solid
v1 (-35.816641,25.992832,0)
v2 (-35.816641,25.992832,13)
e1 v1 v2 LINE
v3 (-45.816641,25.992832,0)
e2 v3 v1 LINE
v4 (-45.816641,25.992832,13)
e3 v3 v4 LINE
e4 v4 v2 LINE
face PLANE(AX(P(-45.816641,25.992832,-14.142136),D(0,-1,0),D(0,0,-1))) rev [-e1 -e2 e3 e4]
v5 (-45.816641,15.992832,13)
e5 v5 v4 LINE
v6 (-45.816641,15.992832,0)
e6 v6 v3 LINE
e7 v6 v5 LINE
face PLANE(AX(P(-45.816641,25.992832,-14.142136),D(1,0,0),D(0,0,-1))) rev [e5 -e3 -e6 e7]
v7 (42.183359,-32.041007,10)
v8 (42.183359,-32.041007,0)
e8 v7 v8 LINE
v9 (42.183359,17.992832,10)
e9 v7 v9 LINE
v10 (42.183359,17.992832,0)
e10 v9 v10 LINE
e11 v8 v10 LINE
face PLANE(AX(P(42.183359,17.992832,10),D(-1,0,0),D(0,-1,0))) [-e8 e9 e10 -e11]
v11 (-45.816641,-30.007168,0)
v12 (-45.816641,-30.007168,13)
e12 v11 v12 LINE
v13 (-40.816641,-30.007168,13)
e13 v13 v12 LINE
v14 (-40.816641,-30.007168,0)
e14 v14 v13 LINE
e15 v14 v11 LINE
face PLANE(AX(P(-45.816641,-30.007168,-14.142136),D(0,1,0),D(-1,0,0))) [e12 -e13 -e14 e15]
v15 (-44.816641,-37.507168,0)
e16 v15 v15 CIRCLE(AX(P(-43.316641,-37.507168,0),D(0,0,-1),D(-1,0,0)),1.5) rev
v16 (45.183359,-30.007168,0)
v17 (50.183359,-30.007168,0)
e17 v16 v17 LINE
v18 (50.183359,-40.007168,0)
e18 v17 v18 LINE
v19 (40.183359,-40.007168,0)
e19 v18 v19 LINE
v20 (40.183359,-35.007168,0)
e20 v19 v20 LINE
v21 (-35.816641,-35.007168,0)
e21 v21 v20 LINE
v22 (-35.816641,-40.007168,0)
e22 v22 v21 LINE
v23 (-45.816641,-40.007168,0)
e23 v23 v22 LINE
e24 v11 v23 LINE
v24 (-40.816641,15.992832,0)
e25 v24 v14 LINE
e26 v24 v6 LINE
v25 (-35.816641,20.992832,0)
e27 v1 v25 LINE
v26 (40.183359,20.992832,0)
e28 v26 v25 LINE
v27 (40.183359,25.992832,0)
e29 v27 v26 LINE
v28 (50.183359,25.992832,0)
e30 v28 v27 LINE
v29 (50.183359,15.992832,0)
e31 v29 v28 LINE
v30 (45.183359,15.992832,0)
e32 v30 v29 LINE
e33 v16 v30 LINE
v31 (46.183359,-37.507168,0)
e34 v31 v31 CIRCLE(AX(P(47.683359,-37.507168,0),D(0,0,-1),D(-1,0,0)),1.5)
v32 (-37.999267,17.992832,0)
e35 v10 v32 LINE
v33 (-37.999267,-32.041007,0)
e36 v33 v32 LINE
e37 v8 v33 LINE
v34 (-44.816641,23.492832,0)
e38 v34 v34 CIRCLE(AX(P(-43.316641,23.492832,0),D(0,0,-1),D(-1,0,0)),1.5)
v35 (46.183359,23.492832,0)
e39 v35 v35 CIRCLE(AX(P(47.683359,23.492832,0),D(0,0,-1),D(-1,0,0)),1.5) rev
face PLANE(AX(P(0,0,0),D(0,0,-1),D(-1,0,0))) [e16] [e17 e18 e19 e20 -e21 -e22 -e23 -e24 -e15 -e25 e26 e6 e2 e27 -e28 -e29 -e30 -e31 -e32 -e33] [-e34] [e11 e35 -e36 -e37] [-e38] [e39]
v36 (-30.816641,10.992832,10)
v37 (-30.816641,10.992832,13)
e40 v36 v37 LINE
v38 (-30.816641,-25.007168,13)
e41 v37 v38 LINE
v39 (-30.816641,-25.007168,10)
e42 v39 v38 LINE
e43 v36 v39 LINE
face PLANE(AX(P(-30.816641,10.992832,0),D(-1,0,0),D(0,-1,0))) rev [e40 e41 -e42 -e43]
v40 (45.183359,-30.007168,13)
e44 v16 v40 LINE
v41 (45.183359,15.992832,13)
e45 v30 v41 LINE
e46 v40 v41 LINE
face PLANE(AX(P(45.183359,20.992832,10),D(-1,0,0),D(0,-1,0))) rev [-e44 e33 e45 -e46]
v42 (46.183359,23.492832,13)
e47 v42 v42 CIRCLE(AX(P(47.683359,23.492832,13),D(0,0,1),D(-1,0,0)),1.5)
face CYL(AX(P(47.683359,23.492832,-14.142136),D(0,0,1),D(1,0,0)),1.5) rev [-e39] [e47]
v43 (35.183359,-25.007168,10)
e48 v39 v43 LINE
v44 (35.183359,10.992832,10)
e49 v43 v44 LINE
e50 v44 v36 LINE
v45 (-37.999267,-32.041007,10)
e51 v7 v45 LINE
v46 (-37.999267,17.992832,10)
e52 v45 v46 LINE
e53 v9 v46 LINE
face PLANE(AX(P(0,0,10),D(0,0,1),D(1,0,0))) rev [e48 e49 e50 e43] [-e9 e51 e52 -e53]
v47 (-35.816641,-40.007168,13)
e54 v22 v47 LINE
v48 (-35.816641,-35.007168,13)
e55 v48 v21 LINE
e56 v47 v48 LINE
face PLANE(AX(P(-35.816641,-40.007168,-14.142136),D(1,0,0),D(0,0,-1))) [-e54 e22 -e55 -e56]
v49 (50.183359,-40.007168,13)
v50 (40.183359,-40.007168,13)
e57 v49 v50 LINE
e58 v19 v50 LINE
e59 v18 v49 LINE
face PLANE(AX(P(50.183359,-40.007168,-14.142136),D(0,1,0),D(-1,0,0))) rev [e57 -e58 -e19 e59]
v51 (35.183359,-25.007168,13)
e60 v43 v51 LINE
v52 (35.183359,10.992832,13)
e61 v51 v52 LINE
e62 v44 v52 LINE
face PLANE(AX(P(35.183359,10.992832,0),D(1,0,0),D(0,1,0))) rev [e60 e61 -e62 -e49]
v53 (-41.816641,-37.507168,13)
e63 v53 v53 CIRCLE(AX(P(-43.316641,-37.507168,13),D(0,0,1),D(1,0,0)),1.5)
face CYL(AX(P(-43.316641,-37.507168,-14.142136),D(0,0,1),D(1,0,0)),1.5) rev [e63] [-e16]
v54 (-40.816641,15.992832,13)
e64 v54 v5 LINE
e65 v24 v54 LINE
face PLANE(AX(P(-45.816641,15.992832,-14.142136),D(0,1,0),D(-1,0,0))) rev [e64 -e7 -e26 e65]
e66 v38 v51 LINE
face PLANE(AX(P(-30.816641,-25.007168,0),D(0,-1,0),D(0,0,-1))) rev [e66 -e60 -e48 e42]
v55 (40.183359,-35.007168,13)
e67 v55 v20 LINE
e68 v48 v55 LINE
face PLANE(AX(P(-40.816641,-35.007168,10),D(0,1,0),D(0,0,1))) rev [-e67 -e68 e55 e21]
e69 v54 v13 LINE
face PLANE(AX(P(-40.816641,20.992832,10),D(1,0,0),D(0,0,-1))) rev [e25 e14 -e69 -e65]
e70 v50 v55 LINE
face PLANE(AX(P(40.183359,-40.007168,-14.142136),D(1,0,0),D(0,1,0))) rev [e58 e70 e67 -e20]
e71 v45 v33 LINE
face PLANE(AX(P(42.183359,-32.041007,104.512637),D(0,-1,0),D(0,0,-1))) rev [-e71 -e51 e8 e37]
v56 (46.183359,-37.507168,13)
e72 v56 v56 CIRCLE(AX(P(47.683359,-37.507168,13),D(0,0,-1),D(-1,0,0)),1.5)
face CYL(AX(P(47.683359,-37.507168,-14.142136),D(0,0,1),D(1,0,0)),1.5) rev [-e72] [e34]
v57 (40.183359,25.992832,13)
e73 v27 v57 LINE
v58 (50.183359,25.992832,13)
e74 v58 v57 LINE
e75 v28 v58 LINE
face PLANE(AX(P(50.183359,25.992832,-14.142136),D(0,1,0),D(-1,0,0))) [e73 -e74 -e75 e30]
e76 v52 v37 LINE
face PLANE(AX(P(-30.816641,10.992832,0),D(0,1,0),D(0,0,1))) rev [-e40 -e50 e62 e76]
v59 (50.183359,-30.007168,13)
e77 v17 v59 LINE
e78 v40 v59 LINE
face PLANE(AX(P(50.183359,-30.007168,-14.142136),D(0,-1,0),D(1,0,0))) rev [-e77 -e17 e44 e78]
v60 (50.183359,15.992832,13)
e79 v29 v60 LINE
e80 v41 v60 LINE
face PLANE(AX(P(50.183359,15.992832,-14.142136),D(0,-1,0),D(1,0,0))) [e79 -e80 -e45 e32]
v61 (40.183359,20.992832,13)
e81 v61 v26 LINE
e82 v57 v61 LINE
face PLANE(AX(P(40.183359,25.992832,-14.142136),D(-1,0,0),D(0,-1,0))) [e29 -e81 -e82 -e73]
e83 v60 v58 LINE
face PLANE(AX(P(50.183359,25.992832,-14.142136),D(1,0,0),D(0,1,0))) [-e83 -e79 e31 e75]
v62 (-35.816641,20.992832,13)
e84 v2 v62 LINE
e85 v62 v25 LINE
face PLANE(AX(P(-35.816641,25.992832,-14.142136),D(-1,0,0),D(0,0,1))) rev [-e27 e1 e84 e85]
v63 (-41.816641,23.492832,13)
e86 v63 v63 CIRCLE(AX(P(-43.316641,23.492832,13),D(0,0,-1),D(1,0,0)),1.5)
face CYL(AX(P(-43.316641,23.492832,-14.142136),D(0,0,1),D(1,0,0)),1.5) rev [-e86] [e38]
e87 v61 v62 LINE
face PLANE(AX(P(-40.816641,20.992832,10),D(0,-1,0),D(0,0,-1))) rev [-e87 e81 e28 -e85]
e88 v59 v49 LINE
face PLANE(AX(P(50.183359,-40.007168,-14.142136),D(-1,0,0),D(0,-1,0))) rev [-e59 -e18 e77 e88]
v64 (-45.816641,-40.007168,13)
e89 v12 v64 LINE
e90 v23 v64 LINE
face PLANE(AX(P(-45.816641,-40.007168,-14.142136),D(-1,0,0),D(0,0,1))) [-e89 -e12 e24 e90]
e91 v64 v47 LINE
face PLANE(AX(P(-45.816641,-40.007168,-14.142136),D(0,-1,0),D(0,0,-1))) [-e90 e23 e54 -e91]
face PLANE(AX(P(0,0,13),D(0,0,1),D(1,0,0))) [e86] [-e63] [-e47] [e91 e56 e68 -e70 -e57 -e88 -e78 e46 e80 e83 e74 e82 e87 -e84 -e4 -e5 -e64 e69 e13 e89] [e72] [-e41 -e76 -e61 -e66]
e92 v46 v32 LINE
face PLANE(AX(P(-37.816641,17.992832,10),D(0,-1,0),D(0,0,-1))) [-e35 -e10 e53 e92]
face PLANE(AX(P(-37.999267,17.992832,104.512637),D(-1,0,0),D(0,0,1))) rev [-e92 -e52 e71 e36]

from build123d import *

# Parameters (mm, degrees)
SKETCH1_W               = 86
SKETCH1_H               = 56
SKETCH1_W_2             = 80
SKETCH1_H_2             = 50
BOSS_EXTRUDE1_DEPTH     = 10
SKETCH2_W               = 86
SKETCH2_H               = 56
BOSS_EXTRUDE2_DEPTH     = 3
SKETCH3_W               = 66
SKETCH3_H               = 36
CUT_EXTRUDE1_DEPTH      = 1
CUT_EXTRUDE1_DEPTH_BACK = 14
SKETCH4_W               = 10
SKETCH4_H               = 10
SKETCH4_R               = 1.5
BOSS_EXTRUDE4_DEPTH     = 13
MIRROR6_COPY_1_SKETCH_W = 10
MIRROR6_COPY_1_SKETCH_H = 10
MIRROR6_COPY_1_SKETCH_R = 1.5
MIRROR6_COPY_1_DEPTH    = 13
SKETCH7_W               = 80.18262614
SKETCH7_H               = 50.033838124
CUT_EXTRUDE3_DEPTH      = 10


with BuildPart() as part:
    # Sketch1 → Boss-Extrude1 (new body)
    with BuildSketch(Plane.XY):
        with Locations((2.183359052, -7.007168459)):
            Rectangle(SKETCH1_W, SKETCH1_H)
        with Locations((2.183359052, -7.007168459)):
            Rectangle(SKETCH1_W_2, SKETCH1_H_2, mode=Mode.SUBTRACT)
    extrude(amount=BOSS_EXTRUDE1_DEPTH)

    # Sketch2 → Boss-Extrude2 (add)
    with BuildSketch(Plane.XY.offset(10)):
        with Locations((2.183359052, -7.007168459)):
            Rectangle(SKETCH2_W, SKETCH2_H)
    extrude(amount=BOSS_EXTRUDE2_DEPTH)

    # Sketch3 → Cut-Extrude1 (cut, two sides)
    with BuildSketch(Plane.XY.offset(13)) as cut_extrude1_sk:
        with Locations((2.183359052, -7.007168459)):
            Rectangle(SKETCH3_W, SKETCH3_H)
    extrude(amount=CUT_EXTRUDE1_DEPTH, mode=Mode.SUBTRACT)
    extrude(cut_extrude1_sk.sketch, amount=-CUT_EXTRUDE1_DEPTH_BACK, mode=Mode.SUBTRACT)

    # Sketch4 → Boss-Extrude4 (add)
    with BuildSketch(Plane.XY.offset(13)):
        with Locations((-40.816640948, -35.007168459)):
            Rectangle(SKETCH4_W, SKETCH4_H)
        with Locations((-43.316640948, -37.507168459)):
            Circle(SKETCH4_R, mode=Mode.SUBTRACT)
    boss_extrude4 = extrude(amount=-BOSS_EXTRUDE4_DEPTH)

    # Mirror5: Boss-Extrude4 across plane
    add(boss_extrude4.mirror(Plane.ZY.offset(-2.183359052)))

    # Mirror6: Boss-Extrude4 across plane
    add(boss_extrude4.mirror(Plane(origin=(0, -7.007168459, 0), x_dir=(0, 0, 1), z_dir=(0, -1, 0))))

    # Mirror6 copy 1 sketch → Mirror6 copy 1 (add)
    with BuildSketch(Plane(origin=(4.366718103, -14.014336918, 13), x_dir=(-1, 0, 0), z_dir=(0, 0, 1))):
        with Locations((-40.816640948, -35.007168459)):
            Rectangle(MIRROR6_COPY_1_SKETCH_W, MIRROR6_COPY_1_SKETCH_H)
        with Locations((-43.316640948, -37.507168459)):
            Circle(MIRROR6_COPY_1_SKETCH_R, mode=Mode.SUBTRACT)
    extrude(amount=-MIRROR6_COPY_1_DEPTH)

    # Sketch7 → Cut-Extrude3 (cut)
    with BuildSketch(Plane(origin=(0, 0, 0), x_dir=(-1, 0, 0), z_dir=(0, 0, -1))):
        with Locations((-2.092045982, -7.024087521)):
            Rectangle(SKETCH7_W, SKETCH7_H)
    extrude(amount=-CUT_EXTRUDE3_DEPTH, mode=Mode.SUBTRACT)


solid = part.part
